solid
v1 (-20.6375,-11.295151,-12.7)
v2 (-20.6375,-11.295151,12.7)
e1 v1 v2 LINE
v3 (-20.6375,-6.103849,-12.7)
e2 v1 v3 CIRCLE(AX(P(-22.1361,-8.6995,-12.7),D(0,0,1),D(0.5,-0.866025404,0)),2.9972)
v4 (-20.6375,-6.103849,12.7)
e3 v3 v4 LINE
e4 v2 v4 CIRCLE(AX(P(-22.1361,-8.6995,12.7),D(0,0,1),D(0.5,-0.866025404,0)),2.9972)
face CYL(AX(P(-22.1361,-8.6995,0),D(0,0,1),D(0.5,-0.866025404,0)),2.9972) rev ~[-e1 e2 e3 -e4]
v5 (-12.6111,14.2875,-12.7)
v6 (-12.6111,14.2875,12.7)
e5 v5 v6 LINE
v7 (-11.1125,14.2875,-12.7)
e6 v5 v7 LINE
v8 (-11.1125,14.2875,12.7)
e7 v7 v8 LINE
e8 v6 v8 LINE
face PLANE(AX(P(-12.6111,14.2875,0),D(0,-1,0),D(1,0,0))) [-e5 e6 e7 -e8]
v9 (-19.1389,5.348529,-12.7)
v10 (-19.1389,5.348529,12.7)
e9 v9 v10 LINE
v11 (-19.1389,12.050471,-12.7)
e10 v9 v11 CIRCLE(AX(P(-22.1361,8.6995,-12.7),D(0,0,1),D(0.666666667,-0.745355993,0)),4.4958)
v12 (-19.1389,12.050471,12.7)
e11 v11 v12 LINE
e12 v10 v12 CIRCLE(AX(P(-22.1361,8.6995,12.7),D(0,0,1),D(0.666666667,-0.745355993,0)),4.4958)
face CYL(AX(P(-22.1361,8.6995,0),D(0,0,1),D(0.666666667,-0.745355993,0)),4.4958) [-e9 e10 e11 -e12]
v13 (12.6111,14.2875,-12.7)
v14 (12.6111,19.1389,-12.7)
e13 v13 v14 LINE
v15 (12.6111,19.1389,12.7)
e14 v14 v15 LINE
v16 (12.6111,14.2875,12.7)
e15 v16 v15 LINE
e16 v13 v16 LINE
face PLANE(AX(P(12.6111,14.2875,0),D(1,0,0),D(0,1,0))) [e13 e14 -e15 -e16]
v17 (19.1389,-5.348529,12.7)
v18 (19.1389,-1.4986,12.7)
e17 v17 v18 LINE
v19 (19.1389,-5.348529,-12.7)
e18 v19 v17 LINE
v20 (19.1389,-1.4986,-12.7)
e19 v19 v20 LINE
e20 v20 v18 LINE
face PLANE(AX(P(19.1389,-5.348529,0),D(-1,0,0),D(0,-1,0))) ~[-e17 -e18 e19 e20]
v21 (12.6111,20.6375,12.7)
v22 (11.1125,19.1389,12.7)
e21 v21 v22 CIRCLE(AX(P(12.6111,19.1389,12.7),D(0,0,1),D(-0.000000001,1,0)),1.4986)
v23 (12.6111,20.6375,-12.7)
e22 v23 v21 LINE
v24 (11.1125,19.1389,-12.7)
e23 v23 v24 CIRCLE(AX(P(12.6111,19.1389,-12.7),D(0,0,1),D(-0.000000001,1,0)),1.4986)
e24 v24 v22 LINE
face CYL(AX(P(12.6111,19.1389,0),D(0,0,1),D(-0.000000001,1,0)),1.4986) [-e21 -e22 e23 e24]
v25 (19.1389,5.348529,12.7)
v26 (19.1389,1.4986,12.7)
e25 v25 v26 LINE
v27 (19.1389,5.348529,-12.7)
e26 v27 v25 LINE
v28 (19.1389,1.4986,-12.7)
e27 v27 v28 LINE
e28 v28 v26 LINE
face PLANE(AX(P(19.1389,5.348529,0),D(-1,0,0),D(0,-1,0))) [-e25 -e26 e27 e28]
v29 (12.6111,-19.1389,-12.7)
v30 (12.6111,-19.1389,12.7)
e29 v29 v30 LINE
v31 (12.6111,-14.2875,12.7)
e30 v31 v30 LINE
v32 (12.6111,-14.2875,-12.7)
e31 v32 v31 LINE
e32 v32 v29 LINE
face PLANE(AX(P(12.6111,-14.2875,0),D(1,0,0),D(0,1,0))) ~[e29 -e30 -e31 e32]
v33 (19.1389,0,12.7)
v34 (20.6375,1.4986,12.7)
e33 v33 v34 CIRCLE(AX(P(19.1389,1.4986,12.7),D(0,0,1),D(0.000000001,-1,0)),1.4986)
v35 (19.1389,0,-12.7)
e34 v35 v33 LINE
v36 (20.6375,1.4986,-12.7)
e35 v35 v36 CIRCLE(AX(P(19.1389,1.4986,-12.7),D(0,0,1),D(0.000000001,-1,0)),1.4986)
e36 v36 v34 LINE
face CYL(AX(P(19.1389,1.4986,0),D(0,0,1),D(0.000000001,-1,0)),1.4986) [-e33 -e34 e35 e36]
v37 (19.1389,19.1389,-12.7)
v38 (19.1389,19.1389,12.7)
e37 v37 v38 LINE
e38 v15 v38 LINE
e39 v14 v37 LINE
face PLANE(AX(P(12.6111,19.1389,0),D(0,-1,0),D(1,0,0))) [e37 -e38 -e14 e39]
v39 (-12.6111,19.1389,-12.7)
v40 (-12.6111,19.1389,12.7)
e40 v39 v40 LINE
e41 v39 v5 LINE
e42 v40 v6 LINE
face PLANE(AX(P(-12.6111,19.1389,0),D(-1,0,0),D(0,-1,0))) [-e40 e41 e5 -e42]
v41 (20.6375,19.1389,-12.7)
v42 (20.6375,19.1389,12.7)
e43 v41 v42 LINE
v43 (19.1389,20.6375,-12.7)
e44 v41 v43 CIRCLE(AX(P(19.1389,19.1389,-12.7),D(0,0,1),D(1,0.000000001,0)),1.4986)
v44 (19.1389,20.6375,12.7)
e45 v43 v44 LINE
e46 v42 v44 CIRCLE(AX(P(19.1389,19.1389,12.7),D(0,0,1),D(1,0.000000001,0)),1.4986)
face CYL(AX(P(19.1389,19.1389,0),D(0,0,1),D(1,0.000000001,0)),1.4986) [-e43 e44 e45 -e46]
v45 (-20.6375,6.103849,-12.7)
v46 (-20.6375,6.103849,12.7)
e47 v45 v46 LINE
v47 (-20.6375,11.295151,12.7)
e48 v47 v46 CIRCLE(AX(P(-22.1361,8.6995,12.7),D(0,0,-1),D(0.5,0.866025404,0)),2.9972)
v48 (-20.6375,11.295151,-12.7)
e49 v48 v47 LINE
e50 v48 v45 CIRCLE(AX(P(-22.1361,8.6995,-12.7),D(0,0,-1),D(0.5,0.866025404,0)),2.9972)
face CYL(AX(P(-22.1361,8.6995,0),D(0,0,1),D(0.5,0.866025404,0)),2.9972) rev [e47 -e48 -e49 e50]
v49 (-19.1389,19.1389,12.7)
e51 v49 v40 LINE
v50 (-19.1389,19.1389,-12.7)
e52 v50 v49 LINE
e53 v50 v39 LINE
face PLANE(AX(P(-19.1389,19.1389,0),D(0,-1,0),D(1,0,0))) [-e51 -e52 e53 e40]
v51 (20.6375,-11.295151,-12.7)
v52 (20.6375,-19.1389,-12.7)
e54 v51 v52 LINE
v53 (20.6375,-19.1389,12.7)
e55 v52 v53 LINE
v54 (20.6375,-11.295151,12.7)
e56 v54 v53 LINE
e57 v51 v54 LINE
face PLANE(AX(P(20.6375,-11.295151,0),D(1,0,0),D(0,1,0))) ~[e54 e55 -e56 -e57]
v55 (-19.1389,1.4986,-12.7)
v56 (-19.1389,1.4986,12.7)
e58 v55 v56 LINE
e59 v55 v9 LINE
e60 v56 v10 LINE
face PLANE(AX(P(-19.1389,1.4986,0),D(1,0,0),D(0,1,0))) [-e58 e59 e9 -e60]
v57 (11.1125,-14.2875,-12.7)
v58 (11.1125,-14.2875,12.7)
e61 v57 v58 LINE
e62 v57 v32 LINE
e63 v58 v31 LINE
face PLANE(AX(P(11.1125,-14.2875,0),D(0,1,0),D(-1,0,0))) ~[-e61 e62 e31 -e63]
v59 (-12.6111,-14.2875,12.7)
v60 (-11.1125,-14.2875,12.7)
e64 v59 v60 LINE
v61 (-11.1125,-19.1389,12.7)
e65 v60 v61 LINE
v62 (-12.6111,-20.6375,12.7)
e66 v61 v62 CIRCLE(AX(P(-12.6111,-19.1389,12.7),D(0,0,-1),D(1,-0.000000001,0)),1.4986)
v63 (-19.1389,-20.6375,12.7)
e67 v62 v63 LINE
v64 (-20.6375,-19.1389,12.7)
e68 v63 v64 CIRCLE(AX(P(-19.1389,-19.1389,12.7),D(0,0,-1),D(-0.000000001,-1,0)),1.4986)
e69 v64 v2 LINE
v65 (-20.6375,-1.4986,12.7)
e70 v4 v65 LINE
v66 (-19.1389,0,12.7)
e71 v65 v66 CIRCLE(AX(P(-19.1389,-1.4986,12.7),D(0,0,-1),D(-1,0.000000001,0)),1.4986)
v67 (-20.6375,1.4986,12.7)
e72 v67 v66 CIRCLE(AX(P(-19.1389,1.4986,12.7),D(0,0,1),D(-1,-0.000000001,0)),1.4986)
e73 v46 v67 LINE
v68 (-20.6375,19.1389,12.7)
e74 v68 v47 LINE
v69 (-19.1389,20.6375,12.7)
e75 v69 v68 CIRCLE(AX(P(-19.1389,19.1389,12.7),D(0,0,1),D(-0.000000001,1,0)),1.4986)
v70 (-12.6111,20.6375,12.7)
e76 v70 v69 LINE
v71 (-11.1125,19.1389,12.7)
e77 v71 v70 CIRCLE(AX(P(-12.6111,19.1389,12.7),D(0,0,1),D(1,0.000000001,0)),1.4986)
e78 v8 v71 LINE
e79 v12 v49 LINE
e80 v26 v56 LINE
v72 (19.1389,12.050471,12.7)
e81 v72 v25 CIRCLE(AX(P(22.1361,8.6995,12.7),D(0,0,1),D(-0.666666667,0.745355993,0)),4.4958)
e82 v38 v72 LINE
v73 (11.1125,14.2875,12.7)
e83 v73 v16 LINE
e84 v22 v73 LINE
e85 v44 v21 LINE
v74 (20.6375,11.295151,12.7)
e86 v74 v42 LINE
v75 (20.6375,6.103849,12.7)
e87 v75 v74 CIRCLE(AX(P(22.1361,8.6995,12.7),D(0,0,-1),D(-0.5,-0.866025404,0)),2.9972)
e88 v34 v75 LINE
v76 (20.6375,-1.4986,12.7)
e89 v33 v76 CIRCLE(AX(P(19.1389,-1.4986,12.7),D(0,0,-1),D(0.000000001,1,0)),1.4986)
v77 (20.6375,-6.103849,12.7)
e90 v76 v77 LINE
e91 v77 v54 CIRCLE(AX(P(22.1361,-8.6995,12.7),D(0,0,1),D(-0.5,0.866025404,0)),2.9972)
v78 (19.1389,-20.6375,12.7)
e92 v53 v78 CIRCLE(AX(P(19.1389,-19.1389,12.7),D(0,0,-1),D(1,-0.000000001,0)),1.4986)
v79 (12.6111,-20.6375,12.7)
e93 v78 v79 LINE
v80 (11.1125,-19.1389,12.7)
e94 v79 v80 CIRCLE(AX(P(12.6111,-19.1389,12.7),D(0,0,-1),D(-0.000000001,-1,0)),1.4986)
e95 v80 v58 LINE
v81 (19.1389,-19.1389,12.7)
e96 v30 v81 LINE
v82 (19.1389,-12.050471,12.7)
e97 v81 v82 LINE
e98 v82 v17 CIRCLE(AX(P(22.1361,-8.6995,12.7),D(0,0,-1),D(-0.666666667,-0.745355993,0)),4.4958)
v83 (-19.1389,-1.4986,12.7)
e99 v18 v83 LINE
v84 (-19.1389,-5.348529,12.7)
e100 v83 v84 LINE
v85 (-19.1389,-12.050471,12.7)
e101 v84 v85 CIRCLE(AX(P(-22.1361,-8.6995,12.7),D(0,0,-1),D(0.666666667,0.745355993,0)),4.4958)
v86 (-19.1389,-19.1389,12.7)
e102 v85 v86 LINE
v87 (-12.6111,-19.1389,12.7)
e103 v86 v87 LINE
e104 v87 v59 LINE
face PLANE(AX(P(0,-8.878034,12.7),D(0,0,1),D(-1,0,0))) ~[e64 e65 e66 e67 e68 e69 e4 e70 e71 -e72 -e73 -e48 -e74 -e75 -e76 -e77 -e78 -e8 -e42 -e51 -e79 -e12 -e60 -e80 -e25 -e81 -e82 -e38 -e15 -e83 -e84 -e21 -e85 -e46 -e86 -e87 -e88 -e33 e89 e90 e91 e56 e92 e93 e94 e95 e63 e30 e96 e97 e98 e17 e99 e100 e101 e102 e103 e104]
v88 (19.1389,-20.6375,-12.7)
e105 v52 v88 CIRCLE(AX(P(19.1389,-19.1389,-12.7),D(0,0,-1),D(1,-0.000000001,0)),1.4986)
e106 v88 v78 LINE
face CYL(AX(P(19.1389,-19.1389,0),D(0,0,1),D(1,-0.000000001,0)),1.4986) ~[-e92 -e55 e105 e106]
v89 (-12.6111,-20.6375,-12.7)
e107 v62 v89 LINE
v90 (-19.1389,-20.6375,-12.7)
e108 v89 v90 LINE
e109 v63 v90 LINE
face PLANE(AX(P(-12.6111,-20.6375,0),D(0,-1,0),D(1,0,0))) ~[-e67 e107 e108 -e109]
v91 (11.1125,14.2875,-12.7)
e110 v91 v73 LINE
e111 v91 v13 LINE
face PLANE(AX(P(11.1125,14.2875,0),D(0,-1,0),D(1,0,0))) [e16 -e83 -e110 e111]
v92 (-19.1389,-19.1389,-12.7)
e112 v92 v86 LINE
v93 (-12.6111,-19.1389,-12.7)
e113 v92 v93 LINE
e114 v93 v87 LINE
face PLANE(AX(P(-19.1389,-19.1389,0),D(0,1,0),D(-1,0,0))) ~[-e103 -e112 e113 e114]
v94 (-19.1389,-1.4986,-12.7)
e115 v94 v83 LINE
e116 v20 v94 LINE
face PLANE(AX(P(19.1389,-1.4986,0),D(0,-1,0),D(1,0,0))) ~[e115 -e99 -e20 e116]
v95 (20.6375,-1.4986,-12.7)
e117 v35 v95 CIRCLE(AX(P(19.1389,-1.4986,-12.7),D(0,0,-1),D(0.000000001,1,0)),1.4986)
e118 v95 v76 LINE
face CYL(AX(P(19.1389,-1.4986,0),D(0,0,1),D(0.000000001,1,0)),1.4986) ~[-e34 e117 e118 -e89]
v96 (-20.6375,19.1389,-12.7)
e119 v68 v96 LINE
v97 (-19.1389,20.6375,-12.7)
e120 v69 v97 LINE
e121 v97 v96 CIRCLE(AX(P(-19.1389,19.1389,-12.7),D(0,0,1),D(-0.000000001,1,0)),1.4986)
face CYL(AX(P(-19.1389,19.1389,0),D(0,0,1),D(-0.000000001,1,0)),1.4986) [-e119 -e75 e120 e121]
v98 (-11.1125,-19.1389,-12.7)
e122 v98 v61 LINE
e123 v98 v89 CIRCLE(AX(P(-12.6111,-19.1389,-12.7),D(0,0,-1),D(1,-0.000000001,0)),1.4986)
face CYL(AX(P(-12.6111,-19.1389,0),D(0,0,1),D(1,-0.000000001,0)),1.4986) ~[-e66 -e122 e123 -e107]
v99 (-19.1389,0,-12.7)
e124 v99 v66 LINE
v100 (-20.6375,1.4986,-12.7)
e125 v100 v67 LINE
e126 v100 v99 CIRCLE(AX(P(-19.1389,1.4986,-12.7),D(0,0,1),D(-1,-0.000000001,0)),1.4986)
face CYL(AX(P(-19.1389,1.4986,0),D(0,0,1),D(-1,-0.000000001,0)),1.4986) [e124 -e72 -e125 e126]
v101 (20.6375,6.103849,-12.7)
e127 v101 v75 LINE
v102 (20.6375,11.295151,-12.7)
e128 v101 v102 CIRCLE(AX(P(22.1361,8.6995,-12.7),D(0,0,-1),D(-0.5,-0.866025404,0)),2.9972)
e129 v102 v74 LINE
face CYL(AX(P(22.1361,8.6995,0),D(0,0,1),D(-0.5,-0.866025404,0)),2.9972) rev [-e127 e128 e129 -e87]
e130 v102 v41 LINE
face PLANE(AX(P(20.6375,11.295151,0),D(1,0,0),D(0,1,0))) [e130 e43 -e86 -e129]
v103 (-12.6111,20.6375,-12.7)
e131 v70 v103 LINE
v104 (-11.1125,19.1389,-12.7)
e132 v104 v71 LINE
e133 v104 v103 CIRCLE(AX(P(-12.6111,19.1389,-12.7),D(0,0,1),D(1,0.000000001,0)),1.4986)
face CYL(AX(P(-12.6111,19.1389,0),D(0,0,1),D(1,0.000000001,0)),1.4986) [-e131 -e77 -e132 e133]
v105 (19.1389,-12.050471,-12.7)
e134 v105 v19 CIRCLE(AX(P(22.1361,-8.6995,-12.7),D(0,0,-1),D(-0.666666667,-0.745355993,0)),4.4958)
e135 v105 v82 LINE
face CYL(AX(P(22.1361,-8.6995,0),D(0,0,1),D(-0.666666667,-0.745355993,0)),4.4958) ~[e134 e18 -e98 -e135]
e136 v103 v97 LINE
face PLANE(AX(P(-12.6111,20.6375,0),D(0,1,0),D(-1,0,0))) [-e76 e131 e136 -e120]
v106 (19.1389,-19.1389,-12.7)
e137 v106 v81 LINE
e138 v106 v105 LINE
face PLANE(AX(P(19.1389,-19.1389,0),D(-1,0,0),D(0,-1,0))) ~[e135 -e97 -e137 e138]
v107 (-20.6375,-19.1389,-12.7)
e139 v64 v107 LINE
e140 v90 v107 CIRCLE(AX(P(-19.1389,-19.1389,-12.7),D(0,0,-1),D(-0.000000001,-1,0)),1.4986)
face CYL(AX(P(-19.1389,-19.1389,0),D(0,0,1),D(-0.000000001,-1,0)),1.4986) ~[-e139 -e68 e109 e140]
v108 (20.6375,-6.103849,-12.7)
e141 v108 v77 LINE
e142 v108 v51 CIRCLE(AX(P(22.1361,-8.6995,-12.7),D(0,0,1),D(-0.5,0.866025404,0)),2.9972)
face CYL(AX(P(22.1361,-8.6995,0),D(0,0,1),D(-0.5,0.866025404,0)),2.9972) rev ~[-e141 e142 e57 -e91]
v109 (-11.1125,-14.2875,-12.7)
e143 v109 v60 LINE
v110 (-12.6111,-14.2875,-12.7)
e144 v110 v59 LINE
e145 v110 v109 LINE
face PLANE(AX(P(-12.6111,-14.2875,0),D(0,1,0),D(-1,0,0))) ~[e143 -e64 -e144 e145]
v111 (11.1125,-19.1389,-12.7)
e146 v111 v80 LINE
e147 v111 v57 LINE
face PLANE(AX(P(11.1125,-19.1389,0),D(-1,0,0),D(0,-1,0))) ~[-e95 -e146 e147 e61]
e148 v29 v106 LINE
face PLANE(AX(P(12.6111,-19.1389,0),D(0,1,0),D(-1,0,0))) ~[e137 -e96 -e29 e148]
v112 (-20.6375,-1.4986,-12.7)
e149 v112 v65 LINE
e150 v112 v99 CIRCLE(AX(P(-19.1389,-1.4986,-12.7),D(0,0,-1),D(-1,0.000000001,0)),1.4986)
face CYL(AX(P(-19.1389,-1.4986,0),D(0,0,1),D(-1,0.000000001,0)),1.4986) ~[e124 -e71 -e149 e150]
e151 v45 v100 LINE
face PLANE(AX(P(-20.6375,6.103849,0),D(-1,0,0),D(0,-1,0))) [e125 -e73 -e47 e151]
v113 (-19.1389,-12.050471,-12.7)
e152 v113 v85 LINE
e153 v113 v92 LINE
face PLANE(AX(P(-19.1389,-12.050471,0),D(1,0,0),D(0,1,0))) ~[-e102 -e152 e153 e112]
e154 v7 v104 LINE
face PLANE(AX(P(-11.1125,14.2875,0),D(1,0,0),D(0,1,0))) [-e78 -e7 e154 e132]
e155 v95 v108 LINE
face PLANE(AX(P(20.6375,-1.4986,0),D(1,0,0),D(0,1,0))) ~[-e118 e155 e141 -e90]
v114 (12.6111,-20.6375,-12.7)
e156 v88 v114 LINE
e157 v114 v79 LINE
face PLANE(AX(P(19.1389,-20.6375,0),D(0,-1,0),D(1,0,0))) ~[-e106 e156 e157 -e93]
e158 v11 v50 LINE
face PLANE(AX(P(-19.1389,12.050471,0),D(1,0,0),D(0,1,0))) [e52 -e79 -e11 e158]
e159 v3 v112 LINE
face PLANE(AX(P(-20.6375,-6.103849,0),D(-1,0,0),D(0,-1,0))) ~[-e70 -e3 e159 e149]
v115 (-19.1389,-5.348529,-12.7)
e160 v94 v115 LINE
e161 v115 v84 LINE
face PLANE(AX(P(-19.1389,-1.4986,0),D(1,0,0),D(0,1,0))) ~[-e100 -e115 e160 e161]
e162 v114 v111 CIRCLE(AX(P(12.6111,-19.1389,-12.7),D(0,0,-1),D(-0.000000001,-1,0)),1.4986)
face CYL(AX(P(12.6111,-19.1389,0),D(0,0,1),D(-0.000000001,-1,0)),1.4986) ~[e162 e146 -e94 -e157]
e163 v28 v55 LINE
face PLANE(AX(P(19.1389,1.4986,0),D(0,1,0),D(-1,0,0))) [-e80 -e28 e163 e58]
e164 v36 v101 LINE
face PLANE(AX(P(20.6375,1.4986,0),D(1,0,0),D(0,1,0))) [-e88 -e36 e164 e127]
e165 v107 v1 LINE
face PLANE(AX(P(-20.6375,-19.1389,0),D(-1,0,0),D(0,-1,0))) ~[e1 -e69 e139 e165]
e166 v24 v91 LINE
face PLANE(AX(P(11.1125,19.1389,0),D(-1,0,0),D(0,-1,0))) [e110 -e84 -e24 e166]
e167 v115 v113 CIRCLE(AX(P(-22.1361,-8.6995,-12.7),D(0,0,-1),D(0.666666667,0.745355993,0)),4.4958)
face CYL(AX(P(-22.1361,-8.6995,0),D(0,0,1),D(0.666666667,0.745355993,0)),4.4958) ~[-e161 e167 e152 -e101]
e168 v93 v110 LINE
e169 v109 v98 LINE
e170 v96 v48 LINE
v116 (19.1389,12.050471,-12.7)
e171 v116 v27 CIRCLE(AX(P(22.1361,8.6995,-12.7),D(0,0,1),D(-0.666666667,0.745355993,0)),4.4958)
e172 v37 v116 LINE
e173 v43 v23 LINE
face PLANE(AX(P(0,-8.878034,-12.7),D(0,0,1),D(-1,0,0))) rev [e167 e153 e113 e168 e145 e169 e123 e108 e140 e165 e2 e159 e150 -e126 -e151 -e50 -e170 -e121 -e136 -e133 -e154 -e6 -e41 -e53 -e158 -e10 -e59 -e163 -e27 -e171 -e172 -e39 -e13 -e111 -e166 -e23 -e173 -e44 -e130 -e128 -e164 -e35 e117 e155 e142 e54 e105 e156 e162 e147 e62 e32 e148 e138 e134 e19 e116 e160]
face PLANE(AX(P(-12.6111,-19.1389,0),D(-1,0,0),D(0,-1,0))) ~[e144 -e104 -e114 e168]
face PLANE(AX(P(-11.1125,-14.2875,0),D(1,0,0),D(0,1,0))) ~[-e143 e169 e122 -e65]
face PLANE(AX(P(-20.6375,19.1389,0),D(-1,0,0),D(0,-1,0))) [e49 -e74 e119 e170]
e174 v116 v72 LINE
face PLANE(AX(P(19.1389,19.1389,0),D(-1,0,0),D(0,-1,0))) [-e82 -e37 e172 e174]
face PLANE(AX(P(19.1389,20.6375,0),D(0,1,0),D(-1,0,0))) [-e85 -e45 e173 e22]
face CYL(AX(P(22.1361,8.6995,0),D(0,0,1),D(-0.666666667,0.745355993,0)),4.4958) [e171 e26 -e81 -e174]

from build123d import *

# Parameters (mm, degrees)
BASE_EXTRUDE_DEPTH = 12.7


with BuildPart() as part:
    # Sketch1 → Base-Extrude (new, symmetric)
    with BuildSketch(Plane.XY):
        with BuildLine():
            Line((-20.6375, 19.1389), (-20.6375, 11.29515134))
            ThreePointArc((-20.6375, 11.29515134), (-19.1389, 8.6995), (-20.6375, 6.10384866))
            Line((-20.6375, 6.10384866), (-20.6375, 1.4986))
            ThreePointArc((-20.6375, 1.4986), (-20.198570222, 0.438929778), (-19.1389, 0))
            Line((-19.1389, 0), (19.1389, 0))
            ThreePointArc((19.1389, 0), (20.198570222, 0.438929778), (20.6375, 1.4986))
            Line((20.6375, 1.4986), (20.6375, 6.10384866))
            ThreePointArc((20.6375, 6.10384866), (19.1389, 8.6995), (20.6375, 11.29515134))
            Line((20.6375, 11.29515134), (20.6375, 19.1389))
            ThreePointArc((20.6375, 19.1389), (20.198570222, 20.198570222), (19.1389, 20.6375))
            Line((19.1389, 20.6375), (12.6111, 20.6375))
            ThreePointArc((12.6111, 20.6375), (11.551429778, 20.198570222), (11.1125, 19.1389))
            Line((11.1125, 19.1389), (11.1125, 14.2875))
            Line((11.1125, 14.2875), (12.6111, 14.2875))
            Line((12.6111, 14.2875), (12.6111, 19.1389))
            Line((12.6111, 19.1389), (19.1389, 19.1389))
            Line((19.1389, 19.1389), (19.1389, 12.050471471))
            ThreePointArc((19.1389, 12.050471471), (17.6403, 8.6995), (19.1389, 5.348528529))
            Line((19.1389, 5.348528529), (19.1389, 1.4986))
            Line((19.1389, 1.4986), (-19.1389, 1.4986))
            Line((-19.1389, 1.4986), (-19.1389, 5.348528529))
            ThreePointArc((-19.1389, 5.348528529), (-17.6403, 8.6995), (-19.1389, 12.050471471))
            Line((-19.1389, 12.050471471), (-19.1389, 19.1389))
            Line((-19.1389, 19.1389), (-12.6111, 19.1389))
            Line((-12.6111, 19.1389), (-12.6111, 14.2875))
            Line((-12.6111, 14.2875), (-11.1125, 14.2875))
            Line((-11.1125, 14.2875), (-11.1125, 19.1389))
            ThreePointArc((-11.1125, 19.1389), (-11.551429778, 20.198570222), (-12.6111, 20.6375))
            Line((-12.6111, 20.6375), (-19.1389, 20.6375))
            ThreePointArc((-19.1389, 20.6375), (-20.198570222, 20.198570222), (-20.6375, 19.1389))
        make_face()
    base_extrude = extrude(amount=BASE_EXTRUDE_DEPTH, both=True)

    # Mirror1: Base-Extrude across plane
    add(base_extrude.mirror(Plane.ZX))


solid = part.part
